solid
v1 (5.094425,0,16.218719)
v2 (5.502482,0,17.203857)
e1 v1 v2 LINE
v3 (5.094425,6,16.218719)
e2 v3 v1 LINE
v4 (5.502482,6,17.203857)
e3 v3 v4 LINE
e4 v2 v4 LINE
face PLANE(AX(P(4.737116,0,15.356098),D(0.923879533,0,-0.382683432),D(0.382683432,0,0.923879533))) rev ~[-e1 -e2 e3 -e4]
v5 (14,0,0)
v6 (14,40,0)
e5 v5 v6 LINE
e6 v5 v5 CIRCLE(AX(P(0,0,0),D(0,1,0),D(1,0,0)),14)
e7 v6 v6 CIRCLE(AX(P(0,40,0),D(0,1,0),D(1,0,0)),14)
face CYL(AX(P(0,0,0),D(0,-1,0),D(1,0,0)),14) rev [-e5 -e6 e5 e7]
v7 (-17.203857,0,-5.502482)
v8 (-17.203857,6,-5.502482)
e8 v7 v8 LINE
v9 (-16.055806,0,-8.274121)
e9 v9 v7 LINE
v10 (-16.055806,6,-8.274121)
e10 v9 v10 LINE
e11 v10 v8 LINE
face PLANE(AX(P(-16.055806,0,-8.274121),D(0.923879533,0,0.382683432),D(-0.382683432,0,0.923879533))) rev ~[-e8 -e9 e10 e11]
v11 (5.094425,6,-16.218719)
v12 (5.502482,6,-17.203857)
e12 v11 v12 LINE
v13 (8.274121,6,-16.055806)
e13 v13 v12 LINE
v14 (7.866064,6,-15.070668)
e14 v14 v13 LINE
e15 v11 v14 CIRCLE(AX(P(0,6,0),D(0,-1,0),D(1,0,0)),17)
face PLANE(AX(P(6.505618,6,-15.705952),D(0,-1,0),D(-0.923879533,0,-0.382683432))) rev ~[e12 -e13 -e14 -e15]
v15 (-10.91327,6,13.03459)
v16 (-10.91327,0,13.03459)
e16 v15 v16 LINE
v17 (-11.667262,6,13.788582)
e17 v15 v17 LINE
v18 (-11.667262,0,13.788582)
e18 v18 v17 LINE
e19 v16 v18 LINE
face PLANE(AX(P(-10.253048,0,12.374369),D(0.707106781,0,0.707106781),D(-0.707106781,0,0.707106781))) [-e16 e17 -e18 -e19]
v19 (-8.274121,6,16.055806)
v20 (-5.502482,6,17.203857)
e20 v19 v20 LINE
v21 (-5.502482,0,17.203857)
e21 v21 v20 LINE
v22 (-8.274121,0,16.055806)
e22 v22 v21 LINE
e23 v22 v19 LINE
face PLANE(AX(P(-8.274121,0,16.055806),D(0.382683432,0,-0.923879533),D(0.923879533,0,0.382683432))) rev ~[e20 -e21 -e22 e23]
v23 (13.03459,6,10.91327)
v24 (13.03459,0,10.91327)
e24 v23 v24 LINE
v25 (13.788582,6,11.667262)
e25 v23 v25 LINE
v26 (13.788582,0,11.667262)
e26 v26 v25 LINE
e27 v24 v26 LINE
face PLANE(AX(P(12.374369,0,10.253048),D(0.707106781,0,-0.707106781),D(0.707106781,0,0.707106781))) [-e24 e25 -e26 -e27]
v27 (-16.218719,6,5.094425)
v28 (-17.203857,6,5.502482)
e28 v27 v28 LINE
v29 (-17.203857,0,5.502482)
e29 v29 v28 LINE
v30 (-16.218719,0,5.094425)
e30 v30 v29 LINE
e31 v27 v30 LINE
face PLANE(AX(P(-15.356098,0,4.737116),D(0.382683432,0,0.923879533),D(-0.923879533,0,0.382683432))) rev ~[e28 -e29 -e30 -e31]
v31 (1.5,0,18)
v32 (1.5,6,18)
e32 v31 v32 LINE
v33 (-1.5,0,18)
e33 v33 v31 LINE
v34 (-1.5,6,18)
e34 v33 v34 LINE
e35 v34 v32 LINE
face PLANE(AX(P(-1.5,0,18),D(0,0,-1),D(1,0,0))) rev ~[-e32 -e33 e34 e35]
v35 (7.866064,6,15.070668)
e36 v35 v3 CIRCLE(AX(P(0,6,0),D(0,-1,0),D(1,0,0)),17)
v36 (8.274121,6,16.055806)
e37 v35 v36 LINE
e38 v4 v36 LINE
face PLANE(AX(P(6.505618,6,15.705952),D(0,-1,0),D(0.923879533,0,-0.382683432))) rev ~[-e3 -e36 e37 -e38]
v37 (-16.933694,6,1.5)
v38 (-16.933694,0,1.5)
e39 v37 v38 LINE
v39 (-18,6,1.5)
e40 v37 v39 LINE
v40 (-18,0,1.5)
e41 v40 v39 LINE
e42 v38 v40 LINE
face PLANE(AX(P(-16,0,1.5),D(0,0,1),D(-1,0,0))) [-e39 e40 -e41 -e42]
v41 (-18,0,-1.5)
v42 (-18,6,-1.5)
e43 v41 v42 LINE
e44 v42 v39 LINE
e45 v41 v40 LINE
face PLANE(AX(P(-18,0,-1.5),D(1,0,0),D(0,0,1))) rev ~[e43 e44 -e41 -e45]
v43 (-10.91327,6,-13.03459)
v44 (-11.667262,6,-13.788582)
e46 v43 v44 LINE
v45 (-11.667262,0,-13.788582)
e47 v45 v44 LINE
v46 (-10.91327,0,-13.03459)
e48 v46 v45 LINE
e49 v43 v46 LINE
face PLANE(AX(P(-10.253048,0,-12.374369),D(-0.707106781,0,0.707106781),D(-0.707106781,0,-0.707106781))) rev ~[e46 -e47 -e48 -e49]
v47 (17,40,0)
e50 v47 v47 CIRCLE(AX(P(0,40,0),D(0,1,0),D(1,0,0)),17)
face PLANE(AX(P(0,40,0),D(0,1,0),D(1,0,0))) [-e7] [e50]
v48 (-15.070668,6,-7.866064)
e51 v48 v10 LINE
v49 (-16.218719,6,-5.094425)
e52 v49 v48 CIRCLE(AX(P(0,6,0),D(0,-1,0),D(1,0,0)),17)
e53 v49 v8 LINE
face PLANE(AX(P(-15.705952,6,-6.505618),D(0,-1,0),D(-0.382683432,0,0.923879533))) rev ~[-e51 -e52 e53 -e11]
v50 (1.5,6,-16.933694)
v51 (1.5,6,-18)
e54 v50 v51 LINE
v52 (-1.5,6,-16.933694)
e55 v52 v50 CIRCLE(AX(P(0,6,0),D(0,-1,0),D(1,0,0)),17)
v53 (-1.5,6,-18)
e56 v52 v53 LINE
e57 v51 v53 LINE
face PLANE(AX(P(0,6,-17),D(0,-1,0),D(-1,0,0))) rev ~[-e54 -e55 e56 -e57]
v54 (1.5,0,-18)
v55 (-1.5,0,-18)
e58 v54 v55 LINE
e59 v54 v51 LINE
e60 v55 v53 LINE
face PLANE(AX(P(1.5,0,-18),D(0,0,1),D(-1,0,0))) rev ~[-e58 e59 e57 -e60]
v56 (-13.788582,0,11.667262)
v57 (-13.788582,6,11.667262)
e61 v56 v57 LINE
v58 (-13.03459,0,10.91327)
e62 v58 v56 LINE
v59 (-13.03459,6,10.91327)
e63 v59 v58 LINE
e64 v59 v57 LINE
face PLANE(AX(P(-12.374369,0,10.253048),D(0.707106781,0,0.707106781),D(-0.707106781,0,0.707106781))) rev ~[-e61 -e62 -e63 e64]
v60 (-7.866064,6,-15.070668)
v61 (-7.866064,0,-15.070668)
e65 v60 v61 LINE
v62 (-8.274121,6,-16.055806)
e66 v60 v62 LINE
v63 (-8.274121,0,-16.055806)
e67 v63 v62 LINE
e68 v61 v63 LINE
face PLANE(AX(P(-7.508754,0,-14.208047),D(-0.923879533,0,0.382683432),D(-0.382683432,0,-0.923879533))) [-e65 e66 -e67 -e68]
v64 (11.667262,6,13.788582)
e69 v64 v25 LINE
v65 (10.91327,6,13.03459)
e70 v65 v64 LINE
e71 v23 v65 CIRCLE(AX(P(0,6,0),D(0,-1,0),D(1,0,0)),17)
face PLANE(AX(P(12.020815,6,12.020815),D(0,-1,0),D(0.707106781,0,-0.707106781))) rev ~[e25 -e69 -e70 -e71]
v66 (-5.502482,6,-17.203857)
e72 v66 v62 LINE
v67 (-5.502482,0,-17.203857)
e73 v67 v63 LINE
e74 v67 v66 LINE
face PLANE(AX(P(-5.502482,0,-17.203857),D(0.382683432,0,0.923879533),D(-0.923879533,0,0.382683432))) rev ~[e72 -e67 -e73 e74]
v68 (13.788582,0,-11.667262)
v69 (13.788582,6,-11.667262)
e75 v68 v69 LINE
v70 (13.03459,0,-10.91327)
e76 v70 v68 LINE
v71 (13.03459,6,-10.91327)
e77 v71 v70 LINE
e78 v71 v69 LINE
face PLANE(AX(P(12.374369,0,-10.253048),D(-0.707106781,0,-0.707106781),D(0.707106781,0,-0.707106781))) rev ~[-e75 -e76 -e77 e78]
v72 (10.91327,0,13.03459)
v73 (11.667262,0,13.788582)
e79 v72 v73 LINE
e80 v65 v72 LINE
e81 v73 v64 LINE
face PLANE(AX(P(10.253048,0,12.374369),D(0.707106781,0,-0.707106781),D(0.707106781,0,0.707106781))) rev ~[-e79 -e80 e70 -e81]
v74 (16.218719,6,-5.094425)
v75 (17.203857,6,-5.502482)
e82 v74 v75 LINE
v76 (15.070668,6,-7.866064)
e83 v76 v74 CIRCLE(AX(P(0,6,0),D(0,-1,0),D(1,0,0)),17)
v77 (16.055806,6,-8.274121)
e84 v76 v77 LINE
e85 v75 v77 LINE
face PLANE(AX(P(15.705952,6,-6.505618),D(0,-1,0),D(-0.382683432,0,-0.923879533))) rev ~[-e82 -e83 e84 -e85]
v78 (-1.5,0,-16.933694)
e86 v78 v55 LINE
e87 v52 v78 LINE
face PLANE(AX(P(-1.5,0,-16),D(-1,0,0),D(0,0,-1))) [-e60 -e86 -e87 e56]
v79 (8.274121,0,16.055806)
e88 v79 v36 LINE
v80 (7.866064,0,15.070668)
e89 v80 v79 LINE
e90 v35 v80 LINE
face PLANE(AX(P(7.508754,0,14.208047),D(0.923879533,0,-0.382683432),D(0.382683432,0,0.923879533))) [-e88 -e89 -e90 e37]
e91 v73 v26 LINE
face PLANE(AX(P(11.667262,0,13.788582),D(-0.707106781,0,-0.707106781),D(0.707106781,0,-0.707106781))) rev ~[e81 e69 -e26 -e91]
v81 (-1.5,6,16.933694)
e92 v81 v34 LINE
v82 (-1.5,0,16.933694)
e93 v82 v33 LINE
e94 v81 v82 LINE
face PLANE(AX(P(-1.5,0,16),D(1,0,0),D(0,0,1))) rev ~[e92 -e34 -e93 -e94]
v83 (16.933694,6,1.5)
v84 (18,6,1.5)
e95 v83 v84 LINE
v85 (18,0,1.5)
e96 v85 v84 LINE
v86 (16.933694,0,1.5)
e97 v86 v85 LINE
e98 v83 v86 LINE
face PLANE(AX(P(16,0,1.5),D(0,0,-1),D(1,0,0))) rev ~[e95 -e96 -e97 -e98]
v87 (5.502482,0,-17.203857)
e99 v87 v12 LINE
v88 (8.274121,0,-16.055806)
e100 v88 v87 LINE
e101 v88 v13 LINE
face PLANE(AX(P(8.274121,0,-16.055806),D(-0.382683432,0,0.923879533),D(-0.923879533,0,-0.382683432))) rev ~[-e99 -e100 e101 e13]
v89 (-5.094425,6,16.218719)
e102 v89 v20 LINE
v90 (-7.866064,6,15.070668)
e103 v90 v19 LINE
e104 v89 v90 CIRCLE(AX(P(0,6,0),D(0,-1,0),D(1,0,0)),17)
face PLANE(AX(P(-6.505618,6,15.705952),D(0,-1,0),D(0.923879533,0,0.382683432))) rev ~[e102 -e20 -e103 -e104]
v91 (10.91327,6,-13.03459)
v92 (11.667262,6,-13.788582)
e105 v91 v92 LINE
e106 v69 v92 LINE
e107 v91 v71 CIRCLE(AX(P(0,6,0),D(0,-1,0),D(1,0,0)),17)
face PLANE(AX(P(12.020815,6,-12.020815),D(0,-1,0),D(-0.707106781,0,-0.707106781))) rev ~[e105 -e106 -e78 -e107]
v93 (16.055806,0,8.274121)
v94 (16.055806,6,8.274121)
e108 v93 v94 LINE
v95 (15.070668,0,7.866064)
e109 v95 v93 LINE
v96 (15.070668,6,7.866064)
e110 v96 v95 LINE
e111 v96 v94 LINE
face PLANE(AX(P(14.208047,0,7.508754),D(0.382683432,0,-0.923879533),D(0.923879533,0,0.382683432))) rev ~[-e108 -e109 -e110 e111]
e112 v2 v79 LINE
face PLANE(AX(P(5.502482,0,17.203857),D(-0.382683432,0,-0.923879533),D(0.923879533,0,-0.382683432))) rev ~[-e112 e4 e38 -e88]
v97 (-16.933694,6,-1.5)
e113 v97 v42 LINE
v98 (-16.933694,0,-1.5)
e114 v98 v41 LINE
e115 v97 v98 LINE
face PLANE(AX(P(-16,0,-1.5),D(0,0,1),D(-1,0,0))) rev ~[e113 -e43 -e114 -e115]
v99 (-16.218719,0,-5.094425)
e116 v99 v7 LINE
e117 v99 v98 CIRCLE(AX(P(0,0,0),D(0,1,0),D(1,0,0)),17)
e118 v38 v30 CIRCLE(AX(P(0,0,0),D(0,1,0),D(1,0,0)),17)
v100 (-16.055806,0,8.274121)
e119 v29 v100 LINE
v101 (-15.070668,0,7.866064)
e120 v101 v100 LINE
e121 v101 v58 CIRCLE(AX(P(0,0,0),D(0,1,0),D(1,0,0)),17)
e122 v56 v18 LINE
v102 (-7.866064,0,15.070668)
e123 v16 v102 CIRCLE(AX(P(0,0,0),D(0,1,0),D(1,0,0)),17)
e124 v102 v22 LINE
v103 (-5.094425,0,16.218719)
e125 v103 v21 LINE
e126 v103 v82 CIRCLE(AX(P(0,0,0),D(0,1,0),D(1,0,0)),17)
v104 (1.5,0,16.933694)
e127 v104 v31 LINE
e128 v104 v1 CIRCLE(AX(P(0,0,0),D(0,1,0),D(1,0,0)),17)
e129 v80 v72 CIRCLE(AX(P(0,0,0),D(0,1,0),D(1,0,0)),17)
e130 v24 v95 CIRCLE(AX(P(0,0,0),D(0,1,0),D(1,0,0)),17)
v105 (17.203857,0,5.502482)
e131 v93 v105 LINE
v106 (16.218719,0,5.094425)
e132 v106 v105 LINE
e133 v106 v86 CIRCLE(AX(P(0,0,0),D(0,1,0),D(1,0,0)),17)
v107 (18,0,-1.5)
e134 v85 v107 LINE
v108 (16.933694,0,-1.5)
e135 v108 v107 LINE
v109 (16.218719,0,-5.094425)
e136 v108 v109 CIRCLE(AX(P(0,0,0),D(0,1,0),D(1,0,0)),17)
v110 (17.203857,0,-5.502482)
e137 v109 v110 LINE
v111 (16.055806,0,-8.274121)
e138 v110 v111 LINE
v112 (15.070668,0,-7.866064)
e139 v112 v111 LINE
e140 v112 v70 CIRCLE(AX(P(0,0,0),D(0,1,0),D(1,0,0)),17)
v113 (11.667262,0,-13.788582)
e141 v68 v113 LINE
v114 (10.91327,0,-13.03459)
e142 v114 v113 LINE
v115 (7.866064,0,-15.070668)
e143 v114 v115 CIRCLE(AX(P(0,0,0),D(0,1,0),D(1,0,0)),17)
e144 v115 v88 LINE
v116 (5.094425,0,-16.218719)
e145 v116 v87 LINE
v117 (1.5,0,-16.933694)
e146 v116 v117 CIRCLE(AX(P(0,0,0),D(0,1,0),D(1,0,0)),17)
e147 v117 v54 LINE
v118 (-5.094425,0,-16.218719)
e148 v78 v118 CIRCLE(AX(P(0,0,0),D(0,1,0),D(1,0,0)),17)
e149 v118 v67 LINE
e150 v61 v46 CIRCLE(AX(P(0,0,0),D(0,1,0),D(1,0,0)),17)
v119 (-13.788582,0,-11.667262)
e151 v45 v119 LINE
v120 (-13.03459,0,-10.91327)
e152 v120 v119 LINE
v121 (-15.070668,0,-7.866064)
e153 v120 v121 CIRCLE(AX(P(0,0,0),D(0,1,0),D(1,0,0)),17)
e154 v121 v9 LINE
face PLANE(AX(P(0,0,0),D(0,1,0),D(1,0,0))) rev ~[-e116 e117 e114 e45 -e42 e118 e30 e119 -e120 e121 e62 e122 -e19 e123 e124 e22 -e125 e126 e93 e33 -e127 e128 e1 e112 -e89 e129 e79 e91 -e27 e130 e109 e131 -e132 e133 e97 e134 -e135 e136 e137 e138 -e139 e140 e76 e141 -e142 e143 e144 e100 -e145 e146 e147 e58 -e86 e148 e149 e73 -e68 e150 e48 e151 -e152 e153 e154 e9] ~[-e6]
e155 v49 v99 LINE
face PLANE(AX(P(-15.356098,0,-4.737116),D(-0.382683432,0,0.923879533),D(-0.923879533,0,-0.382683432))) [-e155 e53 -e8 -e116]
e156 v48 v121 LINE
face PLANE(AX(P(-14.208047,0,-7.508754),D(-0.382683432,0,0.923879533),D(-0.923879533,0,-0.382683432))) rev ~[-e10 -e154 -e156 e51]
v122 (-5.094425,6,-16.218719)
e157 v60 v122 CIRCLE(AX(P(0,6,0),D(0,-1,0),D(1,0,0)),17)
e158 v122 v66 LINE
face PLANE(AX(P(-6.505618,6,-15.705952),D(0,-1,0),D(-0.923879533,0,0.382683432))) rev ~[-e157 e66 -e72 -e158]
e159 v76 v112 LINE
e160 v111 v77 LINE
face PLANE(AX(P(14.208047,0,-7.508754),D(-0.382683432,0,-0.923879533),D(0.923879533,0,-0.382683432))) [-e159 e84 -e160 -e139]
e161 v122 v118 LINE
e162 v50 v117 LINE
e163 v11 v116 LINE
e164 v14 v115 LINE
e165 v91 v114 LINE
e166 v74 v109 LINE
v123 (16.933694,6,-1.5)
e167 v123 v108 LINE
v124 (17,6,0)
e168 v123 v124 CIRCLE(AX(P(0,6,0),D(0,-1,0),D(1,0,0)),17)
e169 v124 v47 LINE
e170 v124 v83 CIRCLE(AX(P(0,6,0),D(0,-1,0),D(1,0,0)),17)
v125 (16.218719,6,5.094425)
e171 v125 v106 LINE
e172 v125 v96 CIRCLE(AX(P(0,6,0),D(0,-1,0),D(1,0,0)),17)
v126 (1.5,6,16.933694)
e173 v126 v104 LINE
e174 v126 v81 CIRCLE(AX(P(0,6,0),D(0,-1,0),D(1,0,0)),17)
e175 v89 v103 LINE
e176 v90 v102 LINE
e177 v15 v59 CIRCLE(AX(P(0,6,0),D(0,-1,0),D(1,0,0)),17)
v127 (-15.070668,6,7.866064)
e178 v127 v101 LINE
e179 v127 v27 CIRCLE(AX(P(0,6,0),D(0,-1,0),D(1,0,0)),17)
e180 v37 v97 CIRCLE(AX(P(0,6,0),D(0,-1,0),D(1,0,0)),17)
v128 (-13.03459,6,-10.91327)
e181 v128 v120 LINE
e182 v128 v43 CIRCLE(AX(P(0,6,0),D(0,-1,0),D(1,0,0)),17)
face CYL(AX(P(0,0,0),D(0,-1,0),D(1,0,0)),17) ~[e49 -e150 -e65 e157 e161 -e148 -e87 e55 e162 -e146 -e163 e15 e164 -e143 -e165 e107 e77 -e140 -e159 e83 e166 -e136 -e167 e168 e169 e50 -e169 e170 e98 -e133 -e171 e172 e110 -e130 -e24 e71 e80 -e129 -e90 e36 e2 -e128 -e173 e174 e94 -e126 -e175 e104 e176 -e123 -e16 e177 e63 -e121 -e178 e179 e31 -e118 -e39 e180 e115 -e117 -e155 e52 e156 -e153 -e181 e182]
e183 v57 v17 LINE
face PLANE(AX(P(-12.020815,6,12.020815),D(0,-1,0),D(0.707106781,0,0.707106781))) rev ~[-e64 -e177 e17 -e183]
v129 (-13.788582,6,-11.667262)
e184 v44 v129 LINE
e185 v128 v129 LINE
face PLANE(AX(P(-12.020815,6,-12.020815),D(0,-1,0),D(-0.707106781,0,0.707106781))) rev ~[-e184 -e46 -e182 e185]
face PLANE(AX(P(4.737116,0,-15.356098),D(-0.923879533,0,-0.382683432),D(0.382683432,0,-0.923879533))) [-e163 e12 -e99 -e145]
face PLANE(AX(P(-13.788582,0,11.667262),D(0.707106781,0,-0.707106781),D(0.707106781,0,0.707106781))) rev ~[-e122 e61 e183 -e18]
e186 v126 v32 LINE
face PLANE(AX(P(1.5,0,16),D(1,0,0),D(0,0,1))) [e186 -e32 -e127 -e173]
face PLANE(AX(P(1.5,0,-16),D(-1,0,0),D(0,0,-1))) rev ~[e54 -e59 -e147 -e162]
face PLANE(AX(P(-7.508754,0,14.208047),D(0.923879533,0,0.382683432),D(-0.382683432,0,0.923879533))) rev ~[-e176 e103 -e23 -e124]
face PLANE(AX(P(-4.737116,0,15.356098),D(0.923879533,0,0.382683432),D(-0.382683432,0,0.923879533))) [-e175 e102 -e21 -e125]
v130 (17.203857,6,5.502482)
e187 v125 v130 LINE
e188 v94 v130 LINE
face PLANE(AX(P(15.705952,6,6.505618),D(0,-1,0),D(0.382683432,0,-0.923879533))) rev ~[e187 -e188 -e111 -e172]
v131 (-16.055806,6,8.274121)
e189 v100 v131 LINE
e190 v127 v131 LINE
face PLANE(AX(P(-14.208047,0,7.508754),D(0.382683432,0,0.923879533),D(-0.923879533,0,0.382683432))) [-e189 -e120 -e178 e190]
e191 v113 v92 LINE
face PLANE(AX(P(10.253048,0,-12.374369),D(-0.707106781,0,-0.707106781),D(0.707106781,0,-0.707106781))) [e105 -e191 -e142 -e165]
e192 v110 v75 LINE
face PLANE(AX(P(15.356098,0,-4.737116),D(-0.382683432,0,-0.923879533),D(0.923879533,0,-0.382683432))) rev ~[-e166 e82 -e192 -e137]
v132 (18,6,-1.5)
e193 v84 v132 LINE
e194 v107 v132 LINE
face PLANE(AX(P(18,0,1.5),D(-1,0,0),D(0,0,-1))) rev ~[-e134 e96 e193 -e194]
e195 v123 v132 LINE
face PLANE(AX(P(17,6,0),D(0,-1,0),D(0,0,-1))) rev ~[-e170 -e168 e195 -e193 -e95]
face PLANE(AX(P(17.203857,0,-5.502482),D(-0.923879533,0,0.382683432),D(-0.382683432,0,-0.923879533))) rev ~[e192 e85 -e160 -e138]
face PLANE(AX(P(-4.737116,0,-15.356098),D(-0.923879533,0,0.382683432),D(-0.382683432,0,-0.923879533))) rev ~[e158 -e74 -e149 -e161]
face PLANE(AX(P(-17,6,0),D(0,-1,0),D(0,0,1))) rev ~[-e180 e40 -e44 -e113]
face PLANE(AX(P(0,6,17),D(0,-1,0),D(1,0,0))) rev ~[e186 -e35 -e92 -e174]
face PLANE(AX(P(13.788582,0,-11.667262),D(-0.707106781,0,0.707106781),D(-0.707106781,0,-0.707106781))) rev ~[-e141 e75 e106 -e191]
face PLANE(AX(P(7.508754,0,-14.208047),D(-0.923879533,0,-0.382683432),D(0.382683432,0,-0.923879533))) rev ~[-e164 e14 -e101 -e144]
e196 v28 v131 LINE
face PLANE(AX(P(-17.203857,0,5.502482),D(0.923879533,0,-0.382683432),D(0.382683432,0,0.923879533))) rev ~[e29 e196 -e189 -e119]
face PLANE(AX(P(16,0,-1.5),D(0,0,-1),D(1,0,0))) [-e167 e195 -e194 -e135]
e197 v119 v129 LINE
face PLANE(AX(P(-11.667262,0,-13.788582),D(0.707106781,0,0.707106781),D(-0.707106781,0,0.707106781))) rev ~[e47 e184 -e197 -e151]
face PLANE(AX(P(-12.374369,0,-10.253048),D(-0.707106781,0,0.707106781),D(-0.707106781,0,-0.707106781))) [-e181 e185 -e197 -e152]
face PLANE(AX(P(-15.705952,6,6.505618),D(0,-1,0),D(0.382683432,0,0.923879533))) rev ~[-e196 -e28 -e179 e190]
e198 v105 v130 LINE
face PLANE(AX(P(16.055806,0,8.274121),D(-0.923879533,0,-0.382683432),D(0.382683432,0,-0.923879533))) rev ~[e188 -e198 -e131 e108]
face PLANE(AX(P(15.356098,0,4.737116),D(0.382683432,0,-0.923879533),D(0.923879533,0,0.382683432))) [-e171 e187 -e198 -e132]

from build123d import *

# Parameters (mm, degrees)
SKETCH_1_R               = 17
SKETCH_1_R_2             = 14
EXTRUDE_1_DEPTH          = 40
SKETCH_2_W               = 3
SKETCH_2_H               = 2
EXTRUDE_2_DEPTH          = 6
PATTERN_CIRCULAR_1_COUNT = 16


with BuildPart() as part:
    # 草图1 → 凸台-拉伸1 (new body)
    with BuildSketch(Plane(origin=(0, 0, 0), x_dir=(1, 0, 0), z_dir=(0, 1, 0))):
        Circle(SKETCH_1_R)
        Circle(SKETCH_1_R_2, mode=Mode.SUBTRACT)
    extrude(amount=EXTRUDE_1_DEPTH)

    # 草图2 → 凸台-拉伸2 (add)
    with BuildSketch(Plane(origin=(0, 0, 0), x_dir=(-1, 0, 0), z_dir=(0, -1, 0))):
        with Locations((0, 17)):
            Rectangle(SKETCH_2_W, SKETCH_2_H)
    extrude_2 = extrude(amount=-EXTRUDE_2_DEPTH)

    # 阵列(圆周)1: 凸台-拉伸2 ×16 about axis
    pattern_circular_1_axis = Axis((0, 0, 0), (0, 1, 0))
    for i in range(1, PATTERN_CIRCULAR_1_COUNT):
        add(extrude_2.rotate(pattern_circular_1_axis, i * 360 / PATTERN_CIRCULAR_1_COUNT))


solid = part.part
